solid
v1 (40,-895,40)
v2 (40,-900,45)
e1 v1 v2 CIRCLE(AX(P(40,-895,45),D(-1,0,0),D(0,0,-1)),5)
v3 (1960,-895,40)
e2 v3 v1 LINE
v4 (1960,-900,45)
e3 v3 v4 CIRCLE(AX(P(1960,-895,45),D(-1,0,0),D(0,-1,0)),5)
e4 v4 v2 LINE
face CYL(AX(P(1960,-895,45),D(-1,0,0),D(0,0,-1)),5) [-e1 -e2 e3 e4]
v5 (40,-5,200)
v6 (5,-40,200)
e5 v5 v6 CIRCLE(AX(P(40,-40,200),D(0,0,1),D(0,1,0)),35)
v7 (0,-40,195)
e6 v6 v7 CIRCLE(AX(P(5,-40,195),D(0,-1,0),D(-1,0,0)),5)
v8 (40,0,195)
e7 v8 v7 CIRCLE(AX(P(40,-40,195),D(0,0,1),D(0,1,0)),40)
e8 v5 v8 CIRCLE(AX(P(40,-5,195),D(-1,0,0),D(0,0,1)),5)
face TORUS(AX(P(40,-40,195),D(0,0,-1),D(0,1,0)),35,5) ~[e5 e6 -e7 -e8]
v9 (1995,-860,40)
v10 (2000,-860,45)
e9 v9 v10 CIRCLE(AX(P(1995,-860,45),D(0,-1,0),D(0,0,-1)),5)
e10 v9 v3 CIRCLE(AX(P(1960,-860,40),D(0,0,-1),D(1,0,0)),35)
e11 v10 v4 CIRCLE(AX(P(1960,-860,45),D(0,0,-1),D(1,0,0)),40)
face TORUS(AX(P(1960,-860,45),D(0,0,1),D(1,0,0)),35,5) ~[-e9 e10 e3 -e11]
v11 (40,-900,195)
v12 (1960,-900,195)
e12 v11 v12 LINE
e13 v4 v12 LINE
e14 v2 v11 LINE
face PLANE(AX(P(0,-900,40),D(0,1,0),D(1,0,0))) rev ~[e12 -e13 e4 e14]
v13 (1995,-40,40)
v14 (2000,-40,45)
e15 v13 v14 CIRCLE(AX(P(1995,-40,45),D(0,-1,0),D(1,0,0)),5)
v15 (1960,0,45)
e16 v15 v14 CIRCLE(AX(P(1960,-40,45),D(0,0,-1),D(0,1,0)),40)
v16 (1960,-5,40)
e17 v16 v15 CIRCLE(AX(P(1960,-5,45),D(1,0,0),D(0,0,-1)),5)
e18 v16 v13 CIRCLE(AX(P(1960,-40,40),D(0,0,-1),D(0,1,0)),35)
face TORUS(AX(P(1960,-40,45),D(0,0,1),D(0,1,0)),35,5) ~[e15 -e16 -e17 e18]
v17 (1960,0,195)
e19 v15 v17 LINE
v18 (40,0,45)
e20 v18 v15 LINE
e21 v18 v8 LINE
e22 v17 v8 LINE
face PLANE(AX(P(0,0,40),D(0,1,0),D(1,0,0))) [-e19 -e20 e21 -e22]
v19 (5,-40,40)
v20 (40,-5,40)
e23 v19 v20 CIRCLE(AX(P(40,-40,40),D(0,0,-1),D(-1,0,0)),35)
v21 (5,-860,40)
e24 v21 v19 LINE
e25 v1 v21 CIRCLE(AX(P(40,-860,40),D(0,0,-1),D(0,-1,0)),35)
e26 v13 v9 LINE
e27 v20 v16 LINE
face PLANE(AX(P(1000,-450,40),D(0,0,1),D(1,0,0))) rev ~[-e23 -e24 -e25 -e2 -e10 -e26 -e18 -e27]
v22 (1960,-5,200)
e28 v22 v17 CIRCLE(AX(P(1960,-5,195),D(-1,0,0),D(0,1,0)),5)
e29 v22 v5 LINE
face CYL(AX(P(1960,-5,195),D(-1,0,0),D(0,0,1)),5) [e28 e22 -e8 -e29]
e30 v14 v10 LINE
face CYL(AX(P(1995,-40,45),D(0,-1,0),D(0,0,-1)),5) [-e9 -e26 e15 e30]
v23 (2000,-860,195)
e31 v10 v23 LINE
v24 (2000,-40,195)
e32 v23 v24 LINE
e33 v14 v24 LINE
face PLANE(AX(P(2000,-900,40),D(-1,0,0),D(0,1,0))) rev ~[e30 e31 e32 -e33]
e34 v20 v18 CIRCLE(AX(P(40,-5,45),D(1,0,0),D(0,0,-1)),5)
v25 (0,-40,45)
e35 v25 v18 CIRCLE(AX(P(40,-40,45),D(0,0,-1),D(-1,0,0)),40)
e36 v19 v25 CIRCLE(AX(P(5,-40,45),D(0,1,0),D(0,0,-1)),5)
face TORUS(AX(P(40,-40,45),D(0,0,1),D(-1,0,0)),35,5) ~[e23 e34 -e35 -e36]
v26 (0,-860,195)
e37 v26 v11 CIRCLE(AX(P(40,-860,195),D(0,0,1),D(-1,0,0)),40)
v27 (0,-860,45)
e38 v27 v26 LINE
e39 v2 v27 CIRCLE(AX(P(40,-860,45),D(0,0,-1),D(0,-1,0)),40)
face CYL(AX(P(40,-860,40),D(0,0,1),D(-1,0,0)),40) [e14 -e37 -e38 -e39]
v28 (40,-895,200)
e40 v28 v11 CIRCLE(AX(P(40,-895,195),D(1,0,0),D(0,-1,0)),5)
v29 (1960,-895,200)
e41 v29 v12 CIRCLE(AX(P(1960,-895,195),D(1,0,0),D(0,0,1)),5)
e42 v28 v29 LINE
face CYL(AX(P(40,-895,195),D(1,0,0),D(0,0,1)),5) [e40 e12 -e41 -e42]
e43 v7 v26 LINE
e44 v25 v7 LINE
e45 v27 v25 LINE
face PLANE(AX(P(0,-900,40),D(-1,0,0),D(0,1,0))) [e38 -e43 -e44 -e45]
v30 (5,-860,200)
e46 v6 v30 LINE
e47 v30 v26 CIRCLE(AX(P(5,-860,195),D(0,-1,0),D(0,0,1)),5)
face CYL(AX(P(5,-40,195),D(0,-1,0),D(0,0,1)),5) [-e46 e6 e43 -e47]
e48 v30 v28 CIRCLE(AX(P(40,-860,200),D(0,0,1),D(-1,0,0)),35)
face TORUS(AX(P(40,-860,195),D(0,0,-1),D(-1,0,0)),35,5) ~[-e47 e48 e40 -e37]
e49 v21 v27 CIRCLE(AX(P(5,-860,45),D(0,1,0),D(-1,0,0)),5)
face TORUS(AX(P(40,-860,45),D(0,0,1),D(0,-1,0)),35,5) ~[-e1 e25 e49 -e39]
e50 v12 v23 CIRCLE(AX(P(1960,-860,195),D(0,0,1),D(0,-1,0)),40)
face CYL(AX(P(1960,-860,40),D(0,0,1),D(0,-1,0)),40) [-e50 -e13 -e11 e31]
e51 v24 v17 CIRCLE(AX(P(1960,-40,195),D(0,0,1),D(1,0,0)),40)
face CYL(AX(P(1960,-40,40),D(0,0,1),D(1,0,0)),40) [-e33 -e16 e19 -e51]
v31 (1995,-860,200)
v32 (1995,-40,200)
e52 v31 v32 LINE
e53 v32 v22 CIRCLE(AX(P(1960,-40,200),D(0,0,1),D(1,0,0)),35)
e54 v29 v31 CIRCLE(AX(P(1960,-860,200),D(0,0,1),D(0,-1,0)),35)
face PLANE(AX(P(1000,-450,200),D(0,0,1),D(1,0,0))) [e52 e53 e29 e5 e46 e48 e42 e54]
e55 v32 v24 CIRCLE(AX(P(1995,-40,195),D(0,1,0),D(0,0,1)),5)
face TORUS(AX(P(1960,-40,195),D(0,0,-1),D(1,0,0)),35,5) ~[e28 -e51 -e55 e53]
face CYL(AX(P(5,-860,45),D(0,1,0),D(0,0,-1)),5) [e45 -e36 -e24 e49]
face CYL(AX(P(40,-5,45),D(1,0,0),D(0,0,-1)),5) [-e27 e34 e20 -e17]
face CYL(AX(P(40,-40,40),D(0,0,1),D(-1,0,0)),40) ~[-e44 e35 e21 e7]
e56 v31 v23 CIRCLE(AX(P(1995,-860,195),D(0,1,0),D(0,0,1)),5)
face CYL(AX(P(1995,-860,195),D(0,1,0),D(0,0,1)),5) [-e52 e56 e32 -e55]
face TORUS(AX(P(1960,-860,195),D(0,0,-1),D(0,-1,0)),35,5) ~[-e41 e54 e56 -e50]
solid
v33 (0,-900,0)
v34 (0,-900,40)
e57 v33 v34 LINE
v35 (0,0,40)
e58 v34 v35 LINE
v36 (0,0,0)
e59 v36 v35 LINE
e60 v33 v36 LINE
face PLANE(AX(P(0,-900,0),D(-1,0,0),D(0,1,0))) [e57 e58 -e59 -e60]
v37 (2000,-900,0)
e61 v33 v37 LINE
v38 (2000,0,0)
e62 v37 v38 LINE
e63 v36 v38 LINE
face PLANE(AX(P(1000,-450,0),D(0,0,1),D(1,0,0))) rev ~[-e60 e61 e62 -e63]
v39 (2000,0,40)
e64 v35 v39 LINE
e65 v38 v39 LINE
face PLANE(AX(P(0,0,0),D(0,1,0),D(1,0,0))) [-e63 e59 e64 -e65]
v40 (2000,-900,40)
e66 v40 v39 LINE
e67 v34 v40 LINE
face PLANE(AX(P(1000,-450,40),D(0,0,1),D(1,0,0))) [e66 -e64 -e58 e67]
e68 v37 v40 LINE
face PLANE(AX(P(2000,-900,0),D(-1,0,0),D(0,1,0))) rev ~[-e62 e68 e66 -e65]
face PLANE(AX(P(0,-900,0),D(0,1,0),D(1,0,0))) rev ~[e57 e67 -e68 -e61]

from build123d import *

# Parameters (mm, degrees)
F0_W     = 2000
F0_H     = 900
F1_DEPTH = 40
F2_DEPTH = 160
F3_R     = 40
F4_R     = 5


with BuildPart() as f1:
    # F0 (on Top) → F1 (new body)
    with BuildSketch(Plane.XY):
        with Locations((1000, -450)):
            Rectangle(F0_W, F0_H)
    extrude(amount=F1_DEPTH)


with BuildPart() as f2:
    # F2 (new): a face of the model
    f2_faces = [f1.part.faces().sort_by_distance(p)[0] for p in [
        (1000, -450, 40),
    ]]
    extrude(f2_faces, amount=F2_DEPTH)

    # F3
    f3_edges = [f2.edges().sort_by_distance(p)[0] for p in [
        (0, -900, 120),
        (0, 0, 120),
        (2000, -900, 120),
        (2000, 0, 120),
    ]]
    fillet(f3_edges, radius=F3_R)

    # F4
    f4_edges = [f2.edges().sort_by_distance(p)[0] for p in [
        (2000, -450, 200),
        (0, -450, 200),
        (1000, 0, 40),
        (1000, 0, 200),
        (1000, -900, 200),
        (1988.284271, -11.715729, 200),
        (40, -900, 120),
        (0, -860, 120),
        (2000, -450, 40),
        (11.715729, -11.715729, 200),
        (0, -450, 40),
        (11.715729, -888.284271, 40),
        (40, 0, 120),
        (1988.284271, -11.715729, 40),
        (0, -40, 120),
        (1960, 0, 120),
        (2000, -40, 120),
        (11.715729, -888.284271, 200),
        (1000, -900, 40),
        (11.715729, -11.715729, 40),
        (2000, -860, 120),
        (1988.284271, -888.284271, 200),
        (1988.284271, -888.284271, 40),
        (1960, -900, 120),
    ]]
    fillet(f4_edges, radius=F4_R)


solid = Compound([f1.part, f2.part])
